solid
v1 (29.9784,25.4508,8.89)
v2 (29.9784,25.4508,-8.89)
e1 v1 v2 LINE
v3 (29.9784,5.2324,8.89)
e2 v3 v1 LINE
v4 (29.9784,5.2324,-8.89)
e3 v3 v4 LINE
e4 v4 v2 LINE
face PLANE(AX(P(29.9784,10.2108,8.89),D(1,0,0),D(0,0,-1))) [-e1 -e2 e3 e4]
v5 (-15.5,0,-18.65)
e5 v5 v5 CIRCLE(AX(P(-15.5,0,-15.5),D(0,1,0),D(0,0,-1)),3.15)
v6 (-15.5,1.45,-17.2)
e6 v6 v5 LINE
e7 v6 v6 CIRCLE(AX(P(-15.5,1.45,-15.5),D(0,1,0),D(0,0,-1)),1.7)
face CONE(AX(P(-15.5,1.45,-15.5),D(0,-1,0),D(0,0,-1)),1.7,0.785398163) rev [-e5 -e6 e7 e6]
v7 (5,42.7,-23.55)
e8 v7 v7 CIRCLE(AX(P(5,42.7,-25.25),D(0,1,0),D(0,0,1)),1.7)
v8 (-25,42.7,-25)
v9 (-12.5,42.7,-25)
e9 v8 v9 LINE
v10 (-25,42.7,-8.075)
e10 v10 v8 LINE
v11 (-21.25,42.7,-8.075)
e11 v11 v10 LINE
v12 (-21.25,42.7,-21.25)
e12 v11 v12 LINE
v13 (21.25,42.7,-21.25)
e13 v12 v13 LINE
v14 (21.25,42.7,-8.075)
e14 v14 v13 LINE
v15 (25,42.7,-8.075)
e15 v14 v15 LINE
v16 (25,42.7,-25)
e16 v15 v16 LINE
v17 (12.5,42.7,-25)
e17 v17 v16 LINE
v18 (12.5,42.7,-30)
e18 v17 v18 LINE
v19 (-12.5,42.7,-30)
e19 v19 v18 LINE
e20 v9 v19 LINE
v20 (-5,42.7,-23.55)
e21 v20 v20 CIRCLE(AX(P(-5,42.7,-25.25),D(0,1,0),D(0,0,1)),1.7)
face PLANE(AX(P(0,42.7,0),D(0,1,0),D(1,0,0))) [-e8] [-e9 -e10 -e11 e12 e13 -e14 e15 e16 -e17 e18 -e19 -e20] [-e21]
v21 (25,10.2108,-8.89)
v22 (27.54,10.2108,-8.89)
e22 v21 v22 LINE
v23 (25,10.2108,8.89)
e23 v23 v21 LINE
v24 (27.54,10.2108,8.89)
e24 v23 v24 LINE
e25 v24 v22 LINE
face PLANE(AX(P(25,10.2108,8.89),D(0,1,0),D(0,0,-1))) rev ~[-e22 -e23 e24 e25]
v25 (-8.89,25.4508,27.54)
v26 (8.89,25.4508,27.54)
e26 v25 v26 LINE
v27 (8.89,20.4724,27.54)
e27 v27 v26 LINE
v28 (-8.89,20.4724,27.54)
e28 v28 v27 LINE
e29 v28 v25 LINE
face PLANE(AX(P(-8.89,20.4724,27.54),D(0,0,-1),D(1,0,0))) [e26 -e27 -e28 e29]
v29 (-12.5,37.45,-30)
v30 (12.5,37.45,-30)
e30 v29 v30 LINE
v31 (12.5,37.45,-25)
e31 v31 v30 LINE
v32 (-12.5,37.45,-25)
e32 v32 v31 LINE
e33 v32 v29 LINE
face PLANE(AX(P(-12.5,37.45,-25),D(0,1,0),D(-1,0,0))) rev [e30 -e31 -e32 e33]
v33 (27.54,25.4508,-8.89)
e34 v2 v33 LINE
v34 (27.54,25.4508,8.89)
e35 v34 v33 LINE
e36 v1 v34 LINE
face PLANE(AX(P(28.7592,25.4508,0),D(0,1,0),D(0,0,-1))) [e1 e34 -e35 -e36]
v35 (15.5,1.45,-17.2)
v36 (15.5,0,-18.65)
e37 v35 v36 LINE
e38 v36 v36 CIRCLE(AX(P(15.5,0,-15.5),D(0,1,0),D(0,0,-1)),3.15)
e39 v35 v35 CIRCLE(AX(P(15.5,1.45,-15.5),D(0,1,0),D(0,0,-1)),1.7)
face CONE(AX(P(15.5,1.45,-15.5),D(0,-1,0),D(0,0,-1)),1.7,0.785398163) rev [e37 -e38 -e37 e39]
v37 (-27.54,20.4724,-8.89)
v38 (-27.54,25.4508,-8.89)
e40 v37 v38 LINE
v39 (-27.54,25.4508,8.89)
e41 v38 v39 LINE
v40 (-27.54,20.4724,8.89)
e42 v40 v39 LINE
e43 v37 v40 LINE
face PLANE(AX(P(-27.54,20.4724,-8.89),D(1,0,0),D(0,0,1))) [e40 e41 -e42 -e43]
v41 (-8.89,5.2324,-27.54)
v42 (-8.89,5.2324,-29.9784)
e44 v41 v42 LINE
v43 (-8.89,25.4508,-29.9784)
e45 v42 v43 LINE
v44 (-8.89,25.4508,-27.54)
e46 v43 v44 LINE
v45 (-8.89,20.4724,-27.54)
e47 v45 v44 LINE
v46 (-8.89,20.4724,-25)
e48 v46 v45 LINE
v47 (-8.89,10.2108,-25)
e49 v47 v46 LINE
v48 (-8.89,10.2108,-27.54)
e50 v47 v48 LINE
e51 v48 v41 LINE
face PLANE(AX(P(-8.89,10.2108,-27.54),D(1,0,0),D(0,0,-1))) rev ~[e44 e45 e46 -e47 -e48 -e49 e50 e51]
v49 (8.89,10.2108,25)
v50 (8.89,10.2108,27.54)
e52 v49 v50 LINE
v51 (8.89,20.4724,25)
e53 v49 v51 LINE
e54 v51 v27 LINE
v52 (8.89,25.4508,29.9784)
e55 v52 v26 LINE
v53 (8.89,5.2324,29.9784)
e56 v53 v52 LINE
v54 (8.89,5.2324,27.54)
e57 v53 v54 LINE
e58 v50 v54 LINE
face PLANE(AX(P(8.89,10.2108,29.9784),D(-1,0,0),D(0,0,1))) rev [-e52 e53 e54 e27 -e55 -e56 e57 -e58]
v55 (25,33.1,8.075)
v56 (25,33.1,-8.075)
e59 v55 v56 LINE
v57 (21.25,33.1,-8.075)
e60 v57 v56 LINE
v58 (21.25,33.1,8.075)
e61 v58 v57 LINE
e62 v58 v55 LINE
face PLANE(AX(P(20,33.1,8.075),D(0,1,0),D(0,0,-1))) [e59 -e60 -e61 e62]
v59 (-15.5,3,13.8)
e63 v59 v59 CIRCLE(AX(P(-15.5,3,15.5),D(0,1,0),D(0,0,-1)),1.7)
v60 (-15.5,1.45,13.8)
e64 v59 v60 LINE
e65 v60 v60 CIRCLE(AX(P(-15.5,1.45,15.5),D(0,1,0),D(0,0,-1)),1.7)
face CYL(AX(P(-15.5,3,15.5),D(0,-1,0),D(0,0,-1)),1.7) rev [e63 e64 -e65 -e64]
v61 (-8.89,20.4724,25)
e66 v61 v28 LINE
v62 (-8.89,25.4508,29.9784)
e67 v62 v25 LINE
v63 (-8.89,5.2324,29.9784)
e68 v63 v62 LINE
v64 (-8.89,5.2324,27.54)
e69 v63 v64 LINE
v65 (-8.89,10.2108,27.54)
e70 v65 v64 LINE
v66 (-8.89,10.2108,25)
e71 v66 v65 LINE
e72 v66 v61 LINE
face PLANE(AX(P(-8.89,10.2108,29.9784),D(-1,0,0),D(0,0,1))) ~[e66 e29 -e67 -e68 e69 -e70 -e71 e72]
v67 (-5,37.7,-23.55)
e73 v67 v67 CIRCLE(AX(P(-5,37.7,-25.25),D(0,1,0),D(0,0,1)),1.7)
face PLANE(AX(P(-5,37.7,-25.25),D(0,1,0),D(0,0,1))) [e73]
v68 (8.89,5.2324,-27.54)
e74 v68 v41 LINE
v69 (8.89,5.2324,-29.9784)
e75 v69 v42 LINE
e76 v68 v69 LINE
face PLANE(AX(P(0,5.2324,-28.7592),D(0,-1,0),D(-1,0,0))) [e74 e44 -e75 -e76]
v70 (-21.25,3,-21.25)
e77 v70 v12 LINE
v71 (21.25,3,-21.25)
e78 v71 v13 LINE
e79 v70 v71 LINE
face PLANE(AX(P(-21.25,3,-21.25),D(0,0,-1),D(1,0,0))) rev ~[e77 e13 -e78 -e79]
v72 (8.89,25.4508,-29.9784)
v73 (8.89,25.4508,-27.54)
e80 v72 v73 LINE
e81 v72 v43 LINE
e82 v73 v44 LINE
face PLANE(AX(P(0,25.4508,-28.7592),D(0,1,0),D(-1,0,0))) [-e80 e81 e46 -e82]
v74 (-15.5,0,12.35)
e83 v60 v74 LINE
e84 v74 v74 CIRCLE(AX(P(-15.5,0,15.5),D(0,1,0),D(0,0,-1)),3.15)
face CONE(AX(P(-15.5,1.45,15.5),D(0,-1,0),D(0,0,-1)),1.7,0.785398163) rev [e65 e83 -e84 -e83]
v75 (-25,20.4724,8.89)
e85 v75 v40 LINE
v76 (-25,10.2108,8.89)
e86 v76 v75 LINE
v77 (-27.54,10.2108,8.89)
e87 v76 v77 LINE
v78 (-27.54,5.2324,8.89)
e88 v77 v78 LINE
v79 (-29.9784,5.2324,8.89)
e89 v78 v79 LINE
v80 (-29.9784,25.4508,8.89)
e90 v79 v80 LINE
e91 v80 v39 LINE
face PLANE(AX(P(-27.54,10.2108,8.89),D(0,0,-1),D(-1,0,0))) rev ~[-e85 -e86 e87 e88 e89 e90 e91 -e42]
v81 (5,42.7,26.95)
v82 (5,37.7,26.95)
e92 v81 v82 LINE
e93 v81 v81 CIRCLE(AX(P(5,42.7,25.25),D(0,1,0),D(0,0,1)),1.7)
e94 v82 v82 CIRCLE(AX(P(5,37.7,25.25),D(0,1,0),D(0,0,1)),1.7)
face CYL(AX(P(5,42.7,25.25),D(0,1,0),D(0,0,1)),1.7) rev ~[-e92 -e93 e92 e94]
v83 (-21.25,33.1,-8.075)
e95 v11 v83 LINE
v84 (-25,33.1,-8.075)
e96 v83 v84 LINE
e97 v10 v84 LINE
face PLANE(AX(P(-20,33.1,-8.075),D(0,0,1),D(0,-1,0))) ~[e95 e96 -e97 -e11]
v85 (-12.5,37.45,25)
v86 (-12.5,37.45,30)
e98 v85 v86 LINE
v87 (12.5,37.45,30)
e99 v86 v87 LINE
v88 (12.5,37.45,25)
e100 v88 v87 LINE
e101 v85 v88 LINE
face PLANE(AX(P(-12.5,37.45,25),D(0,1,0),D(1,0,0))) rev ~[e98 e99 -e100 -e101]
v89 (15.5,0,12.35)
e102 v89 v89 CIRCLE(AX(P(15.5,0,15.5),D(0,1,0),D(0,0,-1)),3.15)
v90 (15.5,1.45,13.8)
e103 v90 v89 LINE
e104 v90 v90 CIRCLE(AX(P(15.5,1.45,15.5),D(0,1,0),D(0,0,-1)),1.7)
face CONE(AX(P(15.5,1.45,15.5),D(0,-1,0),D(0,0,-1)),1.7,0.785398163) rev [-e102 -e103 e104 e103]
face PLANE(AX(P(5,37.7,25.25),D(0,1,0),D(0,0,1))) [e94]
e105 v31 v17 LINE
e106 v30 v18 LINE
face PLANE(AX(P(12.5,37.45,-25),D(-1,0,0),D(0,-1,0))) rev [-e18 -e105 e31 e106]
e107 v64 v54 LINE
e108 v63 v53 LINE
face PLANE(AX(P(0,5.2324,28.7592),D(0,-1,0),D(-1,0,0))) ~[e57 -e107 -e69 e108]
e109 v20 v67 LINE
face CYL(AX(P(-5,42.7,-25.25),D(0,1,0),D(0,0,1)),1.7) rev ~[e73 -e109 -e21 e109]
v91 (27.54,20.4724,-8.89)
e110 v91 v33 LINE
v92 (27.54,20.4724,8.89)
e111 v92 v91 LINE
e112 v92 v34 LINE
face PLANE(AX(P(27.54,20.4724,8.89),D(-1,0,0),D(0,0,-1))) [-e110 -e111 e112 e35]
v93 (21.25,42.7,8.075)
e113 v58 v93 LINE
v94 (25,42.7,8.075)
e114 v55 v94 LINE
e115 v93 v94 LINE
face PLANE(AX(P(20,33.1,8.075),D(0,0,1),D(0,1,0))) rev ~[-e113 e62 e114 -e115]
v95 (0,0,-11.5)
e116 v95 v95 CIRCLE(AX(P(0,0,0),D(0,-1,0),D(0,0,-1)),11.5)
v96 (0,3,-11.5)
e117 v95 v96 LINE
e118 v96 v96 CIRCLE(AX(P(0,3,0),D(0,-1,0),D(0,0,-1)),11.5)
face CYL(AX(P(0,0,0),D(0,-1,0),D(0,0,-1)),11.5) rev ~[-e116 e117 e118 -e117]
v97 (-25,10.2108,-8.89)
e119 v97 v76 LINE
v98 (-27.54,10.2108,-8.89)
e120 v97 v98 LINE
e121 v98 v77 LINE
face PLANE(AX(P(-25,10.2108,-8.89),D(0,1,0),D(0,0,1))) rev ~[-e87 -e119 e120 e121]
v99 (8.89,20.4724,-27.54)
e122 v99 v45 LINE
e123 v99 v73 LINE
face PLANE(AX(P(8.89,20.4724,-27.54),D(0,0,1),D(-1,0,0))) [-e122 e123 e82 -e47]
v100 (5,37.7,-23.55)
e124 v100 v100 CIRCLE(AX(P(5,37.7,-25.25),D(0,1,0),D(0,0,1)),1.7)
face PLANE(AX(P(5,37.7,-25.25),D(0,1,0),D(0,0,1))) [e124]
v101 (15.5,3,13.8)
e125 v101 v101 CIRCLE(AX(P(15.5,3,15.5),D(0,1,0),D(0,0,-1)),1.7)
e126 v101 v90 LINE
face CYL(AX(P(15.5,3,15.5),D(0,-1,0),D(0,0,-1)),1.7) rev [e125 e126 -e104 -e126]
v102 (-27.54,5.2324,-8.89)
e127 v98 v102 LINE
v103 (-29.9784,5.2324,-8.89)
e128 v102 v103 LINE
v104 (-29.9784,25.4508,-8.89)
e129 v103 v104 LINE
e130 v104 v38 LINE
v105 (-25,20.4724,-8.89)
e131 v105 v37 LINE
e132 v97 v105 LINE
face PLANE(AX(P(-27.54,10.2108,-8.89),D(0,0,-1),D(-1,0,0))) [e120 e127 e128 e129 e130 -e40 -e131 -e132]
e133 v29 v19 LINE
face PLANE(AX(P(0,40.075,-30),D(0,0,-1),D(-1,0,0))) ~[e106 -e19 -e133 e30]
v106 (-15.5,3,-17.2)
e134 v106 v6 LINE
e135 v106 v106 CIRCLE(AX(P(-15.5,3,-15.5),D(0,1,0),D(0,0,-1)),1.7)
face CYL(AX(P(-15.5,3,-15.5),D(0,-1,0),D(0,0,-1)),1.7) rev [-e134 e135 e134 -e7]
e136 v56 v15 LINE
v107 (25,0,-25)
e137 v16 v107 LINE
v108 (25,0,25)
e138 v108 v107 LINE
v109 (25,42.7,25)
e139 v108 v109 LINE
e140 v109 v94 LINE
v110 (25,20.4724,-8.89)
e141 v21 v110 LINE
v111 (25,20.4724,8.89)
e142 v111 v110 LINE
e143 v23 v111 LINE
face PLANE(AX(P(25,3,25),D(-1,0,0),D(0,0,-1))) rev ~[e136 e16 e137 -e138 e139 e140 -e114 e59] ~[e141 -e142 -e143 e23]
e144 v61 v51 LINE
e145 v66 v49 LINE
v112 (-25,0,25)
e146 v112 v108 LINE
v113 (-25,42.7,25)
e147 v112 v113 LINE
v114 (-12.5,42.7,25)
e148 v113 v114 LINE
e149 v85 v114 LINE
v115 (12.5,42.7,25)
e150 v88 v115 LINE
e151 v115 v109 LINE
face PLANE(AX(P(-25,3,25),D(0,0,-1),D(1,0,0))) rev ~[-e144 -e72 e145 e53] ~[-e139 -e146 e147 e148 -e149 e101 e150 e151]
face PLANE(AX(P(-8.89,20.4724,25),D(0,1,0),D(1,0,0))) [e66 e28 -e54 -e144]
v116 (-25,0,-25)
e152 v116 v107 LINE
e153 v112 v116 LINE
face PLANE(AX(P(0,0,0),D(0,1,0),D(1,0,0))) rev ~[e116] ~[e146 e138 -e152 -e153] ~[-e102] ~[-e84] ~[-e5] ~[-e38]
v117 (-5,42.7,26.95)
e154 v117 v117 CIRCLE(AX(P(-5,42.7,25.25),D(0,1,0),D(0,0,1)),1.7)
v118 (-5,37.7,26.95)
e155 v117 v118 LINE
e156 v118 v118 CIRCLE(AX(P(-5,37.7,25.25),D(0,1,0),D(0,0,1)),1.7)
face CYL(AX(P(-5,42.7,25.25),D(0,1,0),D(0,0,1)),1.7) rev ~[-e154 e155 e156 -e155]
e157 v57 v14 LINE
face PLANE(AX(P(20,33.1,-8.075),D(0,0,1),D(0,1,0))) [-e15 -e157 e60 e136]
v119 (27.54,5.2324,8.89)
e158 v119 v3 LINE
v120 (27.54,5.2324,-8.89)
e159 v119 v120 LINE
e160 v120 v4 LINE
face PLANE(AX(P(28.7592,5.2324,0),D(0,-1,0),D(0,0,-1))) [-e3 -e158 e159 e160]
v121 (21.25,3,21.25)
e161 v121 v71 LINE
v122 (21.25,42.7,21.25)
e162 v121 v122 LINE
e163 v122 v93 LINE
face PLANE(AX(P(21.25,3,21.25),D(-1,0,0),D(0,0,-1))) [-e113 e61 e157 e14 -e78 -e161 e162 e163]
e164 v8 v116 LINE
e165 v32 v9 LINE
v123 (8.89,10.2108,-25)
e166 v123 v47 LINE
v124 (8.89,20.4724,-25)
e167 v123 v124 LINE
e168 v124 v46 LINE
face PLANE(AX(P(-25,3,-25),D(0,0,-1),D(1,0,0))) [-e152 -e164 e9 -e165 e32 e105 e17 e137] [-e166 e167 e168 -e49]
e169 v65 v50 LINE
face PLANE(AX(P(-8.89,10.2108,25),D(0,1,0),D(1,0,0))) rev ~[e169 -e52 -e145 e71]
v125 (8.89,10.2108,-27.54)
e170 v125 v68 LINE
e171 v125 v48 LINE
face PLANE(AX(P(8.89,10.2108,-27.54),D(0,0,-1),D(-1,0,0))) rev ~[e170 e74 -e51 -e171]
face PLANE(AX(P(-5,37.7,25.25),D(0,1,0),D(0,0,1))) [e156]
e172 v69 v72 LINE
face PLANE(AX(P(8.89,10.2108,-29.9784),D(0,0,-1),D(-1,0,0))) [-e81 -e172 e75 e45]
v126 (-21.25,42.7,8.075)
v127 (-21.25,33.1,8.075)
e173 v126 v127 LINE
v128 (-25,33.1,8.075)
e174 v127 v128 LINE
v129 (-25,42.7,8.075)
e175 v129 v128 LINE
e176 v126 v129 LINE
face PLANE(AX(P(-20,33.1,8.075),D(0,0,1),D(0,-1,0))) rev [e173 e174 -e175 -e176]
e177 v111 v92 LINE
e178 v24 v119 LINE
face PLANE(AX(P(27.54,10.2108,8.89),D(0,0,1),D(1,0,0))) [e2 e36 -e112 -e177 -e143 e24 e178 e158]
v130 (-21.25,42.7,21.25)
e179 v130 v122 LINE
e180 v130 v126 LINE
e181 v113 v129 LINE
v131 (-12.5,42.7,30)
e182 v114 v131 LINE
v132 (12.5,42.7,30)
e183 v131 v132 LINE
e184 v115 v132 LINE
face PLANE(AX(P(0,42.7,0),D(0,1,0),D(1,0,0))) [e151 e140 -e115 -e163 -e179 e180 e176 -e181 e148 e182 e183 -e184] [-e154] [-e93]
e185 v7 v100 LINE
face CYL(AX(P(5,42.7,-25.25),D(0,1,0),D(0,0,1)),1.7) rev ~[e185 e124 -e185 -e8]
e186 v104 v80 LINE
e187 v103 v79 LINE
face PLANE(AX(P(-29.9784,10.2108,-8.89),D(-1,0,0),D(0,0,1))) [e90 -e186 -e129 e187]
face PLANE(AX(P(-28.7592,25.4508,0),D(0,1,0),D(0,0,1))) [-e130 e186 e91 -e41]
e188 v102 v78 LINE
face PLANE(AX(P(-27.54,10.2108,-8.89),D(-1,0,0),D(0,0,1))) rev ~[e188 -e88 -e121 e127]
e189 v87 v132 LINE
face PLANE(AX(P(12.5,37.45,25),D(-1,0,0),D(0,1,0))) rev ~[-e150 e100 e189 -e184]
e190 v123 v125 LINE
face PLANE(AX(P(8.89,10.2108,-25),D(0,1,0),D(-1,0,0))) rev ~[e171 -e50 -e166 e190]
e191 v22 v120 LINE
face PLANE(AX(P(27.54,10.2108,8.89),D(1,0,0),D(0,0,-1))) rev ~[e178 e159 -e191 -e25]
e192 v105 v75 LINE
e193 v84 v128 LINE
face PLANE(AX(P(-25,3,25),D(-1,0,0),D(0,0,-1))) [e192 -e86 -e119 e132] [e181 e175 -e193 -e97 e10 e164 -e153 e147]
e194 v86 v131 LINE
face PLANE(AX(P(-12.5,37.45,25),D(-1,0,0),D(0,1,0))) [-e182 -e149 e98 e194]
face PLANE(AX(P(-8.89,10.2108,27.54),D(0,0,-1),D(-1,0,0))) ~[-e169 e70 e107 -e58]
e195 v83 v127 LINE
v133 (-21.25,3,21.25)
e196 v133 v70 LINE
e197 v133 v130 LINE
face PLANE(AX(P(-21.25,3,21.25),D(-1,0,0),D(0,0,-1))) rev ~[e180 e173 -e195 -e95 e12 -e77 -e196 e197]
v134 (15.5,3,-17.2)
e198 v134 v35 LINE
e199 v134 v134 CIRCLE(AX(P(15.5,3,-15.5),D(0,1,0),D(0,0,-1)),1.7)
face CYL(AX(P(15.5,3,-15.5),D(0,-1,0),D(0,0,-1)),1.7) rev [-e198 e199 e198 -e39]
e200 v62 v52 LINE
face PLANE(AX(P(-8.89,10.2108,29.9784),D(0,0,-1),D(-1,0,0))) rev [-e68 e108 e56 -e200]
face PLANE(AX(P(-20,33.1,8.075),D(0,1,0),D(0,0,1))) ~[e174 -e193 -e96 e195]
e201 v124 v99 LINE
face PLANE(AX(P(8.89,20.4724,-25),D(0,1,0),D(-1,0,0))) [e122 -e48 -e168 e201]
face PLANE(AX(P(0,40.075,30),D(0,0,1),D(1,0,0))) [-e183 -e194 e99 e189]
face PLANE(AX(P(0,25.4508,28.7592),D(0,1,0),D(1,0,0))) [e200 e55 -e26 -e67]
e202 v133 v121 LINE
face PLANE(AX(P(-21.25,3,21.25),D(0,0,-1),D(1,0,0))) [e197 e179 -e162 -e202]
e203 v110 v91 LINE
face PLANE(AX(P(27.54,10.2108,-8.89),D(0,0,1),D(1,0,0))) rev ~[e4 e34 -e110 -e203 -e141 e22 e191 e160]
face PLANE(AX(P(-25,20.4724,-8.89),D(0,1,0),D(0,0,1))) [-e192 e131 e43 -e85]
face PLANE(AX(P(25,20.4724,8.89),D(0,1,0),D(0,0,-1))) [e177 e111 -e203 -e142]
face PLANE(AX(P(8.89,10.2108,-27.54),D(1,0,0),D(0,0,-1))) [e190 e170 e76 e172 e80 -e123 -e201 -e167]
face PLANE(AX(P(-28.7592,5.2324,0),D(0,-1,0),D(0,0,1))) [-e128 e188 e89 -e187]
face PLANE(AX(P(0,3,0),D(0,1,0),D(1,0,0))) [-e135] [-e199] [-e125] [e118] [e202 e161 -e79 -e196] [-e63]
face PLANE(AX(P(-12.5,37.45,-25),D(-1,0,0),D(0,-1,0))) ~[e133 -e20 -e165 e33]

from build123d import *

# Parameters (mm, degrees)
SKETCH1_W                                    = 50
SKETCH1_H                                    = 50
BOSS_EXTRUDE1_DEPTH                          = 3
SKETCH3_W                                    = 50
SKETCH3_H                                    = 50
SKETCH3_W_2                                  = 42.5
SKETCH3_H_2                                  = 42.5
BOSS_EXTRUDE2_DEPTH                          = 39.7
CUT_EXTRUDE5_START                           = -5
SKETCH19_W                                   = 16.15
SKETCH19_H                                   = 9.6
CUT_EXTRUDE5_DEPTH                           = 76.344082907
SKETCH33_W                                   = 25
SKETCH33_H                                   = 5.25
BOSS_EXTRUDE14_DEPTH                         = 5
SKETCH21_R                                   = 1.7
CUT_EXTRUDE6_DEPTH                           = 5
CUT_EXTRUDE8_REACH                           = 59.864
SKETCH27_R                                   = 11.5
CSK_FOR_M3_COUNTERSUNK_FLAT_HEAD_SCR_2_COUNT = 2
CSK_FOR_M3_COUNTERSUNK_FLAT_HEAD_SCR_2_PITCH = 31
CSK_FOR_M3_COUNTERSUNK_FLAT_HEAD_SCR_3_COUNT = 2
CSK_FOR_M3_COUNTERSUNK_FLAT_HEAD_SCR_3_PITCH = 43.840620434
CSK_FOR_M3_COUNTERSUNK_FLAT_HEAD_SCR_4_COUNT = 2
CSK_FOR_M3_COUNTERSUNK_FLAT_HEAD_SCR_4_PITCH = 31
SKETCH34_W                                   = 17.78
SKETCH34_H                                   = 10.2616
BOSS_EXTRUDE15_DEPTH                         = 4.9784
SKETCH35_W                                   = 17.78
SKETCH35_H                                   = 2.4384
BOSS_EXTRUDE16_DEPTH                         = 4.9784
CIRPATTERN1_COUNT                            = 4
CIRPATTERN1_COPY_1_SKETCH_W                  = 17.78
CIRPATTERN1_COPY_1_SKETCH_H                  = 2.4384
CIRPATTERN1_COPY_1_DEPTH                     = 4.9784
CIRPATTERN1_COPY_2_SKETCH_W                  = 17.78
CIRPATTERN1_COPY_2_SKETCH_H                  = 2.4384
CIRPATTERN1_COPY_2_DEPTH                     = 4.9784
CIRPATTERN1_COPY_3_SKETCH_W                  = 17.78
CIRPATTERN1_COPY_3_SKETCH_H                  = 2.4384
CIRPATTERN1_COPY_3_DEPTH                     = 4.9784


with BuildPart() as part:
    # Sketch1 → Boss-Extrude1 (new body)
    with BuildSketch(Plane(origin=(0, 0, 0), x_dir=(1, 0, 0), z_dir=(0, 1, 0))):
        Rectangle(SKETCH1_W, SKETCH1_H)
    extrude(amount=BOSS_EXTRUDE1_DEPTH)

    # Sketch3 → Boss-Extrude2 (add)
    with BuildSketch(Plane(origin=(0, 3, 0), x_dir=(1, 0, 0), z_dir=(0, 1, 0))):
        Rectangle(SKETCH3_W, SKETCH3_H)
        Rectangle(SKETCH3_W_2, SKETCH3_H_2, mode=Mode.SUBTRACT)
    extrude(amount=BOSS_EXTRUDE2_DEPTH)

    # Sketch19 → Cut-Extrude5 (cut)
    with BuildSketch(Plane(origin=(25, 0, 0), x_dir=(0, 0, -1), z_dir=(1, 0, 0)).offset(CUT_EXTRUDE5_START)):
        with Locations((0, 37.9)):
            Rectangle(SKETCH19_W, SKETCH19_H)
    cut_extrude5 = extrude(amount=CUT_EXTRUDE5_DEPTH, mode=Mode.SUBTRACT)

    # Sketch33 → Boss-Extrude14 (add)
    with BuildSketch(Plane.XY.offset(25)):
        with Locations((0, 40.075)):
            Rectangle(SKETCH33_W, SKETCH33_H)
    boss_extrude14 = extrude(amount=BOSS_EXTRUDE14_DEPTH)

    # Mirror7: Boss-Extrude14 across plane
    add(boss_extrude14.mirror(Plane.XY))

    # Sketch21 → Cut-Extrude6 (cut)
    with BuildSketch(Plane(origin=(0, 42.7, 0), x_dir=(1, 0, 0), z_dir=(0, 1, 0))):
        with Locations(Location((5, -25.25, 0), (0, 0, 270))):
            Circle(SKETCH21_R)
        with Locations(Location((-5, 25.25, 0), (0, 0, 270))):
            Circle(SKETCH21_R)
        with Locations(Location((5, 25.25, 0), (0, 0, 270))):
            Circle(SKETCH21_R)
        with Locations(Location((-5, -25.25, 0), (0, 0, 270))):
            Circle(SKETCH21_R)
    extrude(amount=-CUT_EXTRUDE6_DEPTH, mode=Mode.SUBTRACT)

    # Sketch27 → Cut-Extrude8 (cut, up to next)
    with BuildSketch(Plane.XZ, mode=Mode.PRIVATE) as cut_extrude8_sk1:
        with Locations(Location((0, 0, 0), (0, 0, 270))):
            Circle(SKETCH27_R)
    cut_extrude8_tool1 = extrude(cut_extrude8_sk1.sketch, amount=-CUT_EXTRUDE8_REACH, mode=Mode.PRIVATE) & part.part
    add(cut_extrude8_tool1.solids().sort_by_distance((0, 0, 0))[0], mode=Mode.SUBTRACT)

    # Sketch30 → CSK for M3 Countersunk Flat Head Screw1 (revolve, cut)
    with BuildSketch(Plane(origin=(-15.5, 0, 15.5), x_dir=(0, 0, -1), z_dir=(1, 0, 0))):
        Polygon((0, 0), (0, 3), (1.7, 3), (1.7, 1.45), (3.15, 0), align=None)
    csk_for_m3_countersunk_flat_head_screw1 = revolve(axis=Axis((-15.5, -6.35, 15.5), (0, 1, 0)), mode=Mode.SUBTRACT)

    # CSK for M3 Countersunk Flat Head Scr 2: CSK for M3 Countersunk Flat Head Screw1 ×2
    with Locations(*[(i * CSK_FOR_M3_COUNTERSUNK_FLAT_HEAD_SCR_2_PITCH, 0, 0) for i in range(1, CSK_FOR_M3_COUNTERSUNK_FLAT_HEAD_SCR_2_COUNT)]):
        add(csk_for_m3_countersunk_flat_head_screw1, mode=Mode.SUBTRACT)

    # CSK for M3 Countersunk Flat Head Scr 3: CSK for M3 Countersunk Flat Head Screw1 ×2
    with Locations(*[Vector(0.7071067811865475, 0, -0.7071067811865476) * (i * CSK_FOR_M3_COUNTERSUNK_FLAT_HEAD_SCR_3_PITCH) for i in range(1, CSK_FOR_M3_COUNTERSUNK_FLAT_HEAD_SCR_3_COUNT)]):
        add(csk_for_m3_countersunk_flat_head_screw1, mode=Mode.SUBTRACT)

    # CSK for M3 Countersunk Flat Head Scr 4: CSK for M3 Countersunk Flat Head Screw1 ×2
    with Locations(*[(0, 0, -i * CSK_FOR_M3_COUNTERSUNK_FLAT_HEAD_SCR_4_PITCH) for i in range(1, CSK_FOR_M3_COUNTERSUNK_FLAT_HEAD_SCR_4_COUNT)]):
        add(csk_for_m3_countersunk_flat_head_screw1, mode=Mode.SUBTRACT)

    # Mirror4: Cut-Extrude5 across plane
    add(cut_extrude5.mirror(Plane(origin=(0, 0, 0), x_dir=(0, 0, 1), z_dir=(1, 0, 0))), mode=Mode.SUBTRACT)

    # Sketch34 → Boss-Extrude15 (add)
    with BuildSketch(Plane.XY.offset(25)):
        with Locations((0, 15.3416)):
            Rectangle(SKETCH34_W, SKETCH34_H)
    boss_extrude15 = extrude(amount=BOSS_EXTRUDE15_DEPTH)

    # Sketch35 → Boss-Extrude16 (add)
    with BuildSketch(Plane(origin=(0, 20.4724, 0), x_dir=(1, 0, 0), z_dir=(0, 1, 0))):
        with Locations((0, -28.7592)):
            Rectangle(SKETCH35_W, SKETCH35_H)
    boss_extrude16 = extrude(amount=BOSS_EXTRUDE16_DEPTH)

    # Mirror8: Boss-Extrude16 across plane
    add(boss_extrude16.mirror(Plane.ZX.offset(15.3416)))

    # CirPattern1: Boss-Extrude15, Boss-Extrude16 ×4 about axis
    cirpattern1_axis = Axis((0, 0, 0), (0, 1, 0))
    add([boss_extrude15.rotate(cirpattern1_axis, i * 360 / CIRPATTERN1_COUNT) for i in range(1, CIRPATTERN1_COUNT)])
    add([boss_extrude16.rotate(cirpattern1_axis, i * 360 / CIRPATTERN1_COUNT) for i in range(1, CIRPATTERN1_COUNT)])

    # CirPattern1 copy 1 sketch → CirPattern1 copy 1 (add)
    with BuildSketch(Plane(origin=(0, 10.2108, 0), x_dir=(0, 0, -1), z_dir=(0, -1, 0))):
        with Locations((0, 28.7592)):
            Rectangle(CIRPATTERN1_COPY_1_SKETCH_W, CIRPATTERN1_COPY_1_SKETCH_H)
    extrude(amount=CIRPATTERN1_COPY_1_DEPTH)

    # CirPattern1 copy 2 sketch → CirPattern1 copy 2 (add)
    with BuildSketch(Plane(origin=(0, 10.2108, 0), x_dir=(-1, 0, 0), z_dir=(0, -1, 0))):
        with Locations((0, 28.7592)):
            Rectangle(CIRPATTERN1_COPY_2_SKETCH_W, CIRPATTERN1_COPY_2_SKETCH_H)
    extrude(amount=CIRPATTERN1_COPY_2_DEPTH)

    # CirPattern1 copy 3 sketch → CirPattern1 copy 3 (add)
    with BuildSketch(Plane(origin=(0, 10.2108, 0), x_dir=(0, 0, 1), z_dir=(0, -1, 0))):
        with Locations((0, 28.7592)):
            Rectangle(CIRPATTERN1_COPY_3_SKETCH_W, CIRPATTERN1_COPY_3_SKETCH_H)
    extrude(amount=CIRPATTERN1_COPY_3_DEPTH)


solid = part.part
